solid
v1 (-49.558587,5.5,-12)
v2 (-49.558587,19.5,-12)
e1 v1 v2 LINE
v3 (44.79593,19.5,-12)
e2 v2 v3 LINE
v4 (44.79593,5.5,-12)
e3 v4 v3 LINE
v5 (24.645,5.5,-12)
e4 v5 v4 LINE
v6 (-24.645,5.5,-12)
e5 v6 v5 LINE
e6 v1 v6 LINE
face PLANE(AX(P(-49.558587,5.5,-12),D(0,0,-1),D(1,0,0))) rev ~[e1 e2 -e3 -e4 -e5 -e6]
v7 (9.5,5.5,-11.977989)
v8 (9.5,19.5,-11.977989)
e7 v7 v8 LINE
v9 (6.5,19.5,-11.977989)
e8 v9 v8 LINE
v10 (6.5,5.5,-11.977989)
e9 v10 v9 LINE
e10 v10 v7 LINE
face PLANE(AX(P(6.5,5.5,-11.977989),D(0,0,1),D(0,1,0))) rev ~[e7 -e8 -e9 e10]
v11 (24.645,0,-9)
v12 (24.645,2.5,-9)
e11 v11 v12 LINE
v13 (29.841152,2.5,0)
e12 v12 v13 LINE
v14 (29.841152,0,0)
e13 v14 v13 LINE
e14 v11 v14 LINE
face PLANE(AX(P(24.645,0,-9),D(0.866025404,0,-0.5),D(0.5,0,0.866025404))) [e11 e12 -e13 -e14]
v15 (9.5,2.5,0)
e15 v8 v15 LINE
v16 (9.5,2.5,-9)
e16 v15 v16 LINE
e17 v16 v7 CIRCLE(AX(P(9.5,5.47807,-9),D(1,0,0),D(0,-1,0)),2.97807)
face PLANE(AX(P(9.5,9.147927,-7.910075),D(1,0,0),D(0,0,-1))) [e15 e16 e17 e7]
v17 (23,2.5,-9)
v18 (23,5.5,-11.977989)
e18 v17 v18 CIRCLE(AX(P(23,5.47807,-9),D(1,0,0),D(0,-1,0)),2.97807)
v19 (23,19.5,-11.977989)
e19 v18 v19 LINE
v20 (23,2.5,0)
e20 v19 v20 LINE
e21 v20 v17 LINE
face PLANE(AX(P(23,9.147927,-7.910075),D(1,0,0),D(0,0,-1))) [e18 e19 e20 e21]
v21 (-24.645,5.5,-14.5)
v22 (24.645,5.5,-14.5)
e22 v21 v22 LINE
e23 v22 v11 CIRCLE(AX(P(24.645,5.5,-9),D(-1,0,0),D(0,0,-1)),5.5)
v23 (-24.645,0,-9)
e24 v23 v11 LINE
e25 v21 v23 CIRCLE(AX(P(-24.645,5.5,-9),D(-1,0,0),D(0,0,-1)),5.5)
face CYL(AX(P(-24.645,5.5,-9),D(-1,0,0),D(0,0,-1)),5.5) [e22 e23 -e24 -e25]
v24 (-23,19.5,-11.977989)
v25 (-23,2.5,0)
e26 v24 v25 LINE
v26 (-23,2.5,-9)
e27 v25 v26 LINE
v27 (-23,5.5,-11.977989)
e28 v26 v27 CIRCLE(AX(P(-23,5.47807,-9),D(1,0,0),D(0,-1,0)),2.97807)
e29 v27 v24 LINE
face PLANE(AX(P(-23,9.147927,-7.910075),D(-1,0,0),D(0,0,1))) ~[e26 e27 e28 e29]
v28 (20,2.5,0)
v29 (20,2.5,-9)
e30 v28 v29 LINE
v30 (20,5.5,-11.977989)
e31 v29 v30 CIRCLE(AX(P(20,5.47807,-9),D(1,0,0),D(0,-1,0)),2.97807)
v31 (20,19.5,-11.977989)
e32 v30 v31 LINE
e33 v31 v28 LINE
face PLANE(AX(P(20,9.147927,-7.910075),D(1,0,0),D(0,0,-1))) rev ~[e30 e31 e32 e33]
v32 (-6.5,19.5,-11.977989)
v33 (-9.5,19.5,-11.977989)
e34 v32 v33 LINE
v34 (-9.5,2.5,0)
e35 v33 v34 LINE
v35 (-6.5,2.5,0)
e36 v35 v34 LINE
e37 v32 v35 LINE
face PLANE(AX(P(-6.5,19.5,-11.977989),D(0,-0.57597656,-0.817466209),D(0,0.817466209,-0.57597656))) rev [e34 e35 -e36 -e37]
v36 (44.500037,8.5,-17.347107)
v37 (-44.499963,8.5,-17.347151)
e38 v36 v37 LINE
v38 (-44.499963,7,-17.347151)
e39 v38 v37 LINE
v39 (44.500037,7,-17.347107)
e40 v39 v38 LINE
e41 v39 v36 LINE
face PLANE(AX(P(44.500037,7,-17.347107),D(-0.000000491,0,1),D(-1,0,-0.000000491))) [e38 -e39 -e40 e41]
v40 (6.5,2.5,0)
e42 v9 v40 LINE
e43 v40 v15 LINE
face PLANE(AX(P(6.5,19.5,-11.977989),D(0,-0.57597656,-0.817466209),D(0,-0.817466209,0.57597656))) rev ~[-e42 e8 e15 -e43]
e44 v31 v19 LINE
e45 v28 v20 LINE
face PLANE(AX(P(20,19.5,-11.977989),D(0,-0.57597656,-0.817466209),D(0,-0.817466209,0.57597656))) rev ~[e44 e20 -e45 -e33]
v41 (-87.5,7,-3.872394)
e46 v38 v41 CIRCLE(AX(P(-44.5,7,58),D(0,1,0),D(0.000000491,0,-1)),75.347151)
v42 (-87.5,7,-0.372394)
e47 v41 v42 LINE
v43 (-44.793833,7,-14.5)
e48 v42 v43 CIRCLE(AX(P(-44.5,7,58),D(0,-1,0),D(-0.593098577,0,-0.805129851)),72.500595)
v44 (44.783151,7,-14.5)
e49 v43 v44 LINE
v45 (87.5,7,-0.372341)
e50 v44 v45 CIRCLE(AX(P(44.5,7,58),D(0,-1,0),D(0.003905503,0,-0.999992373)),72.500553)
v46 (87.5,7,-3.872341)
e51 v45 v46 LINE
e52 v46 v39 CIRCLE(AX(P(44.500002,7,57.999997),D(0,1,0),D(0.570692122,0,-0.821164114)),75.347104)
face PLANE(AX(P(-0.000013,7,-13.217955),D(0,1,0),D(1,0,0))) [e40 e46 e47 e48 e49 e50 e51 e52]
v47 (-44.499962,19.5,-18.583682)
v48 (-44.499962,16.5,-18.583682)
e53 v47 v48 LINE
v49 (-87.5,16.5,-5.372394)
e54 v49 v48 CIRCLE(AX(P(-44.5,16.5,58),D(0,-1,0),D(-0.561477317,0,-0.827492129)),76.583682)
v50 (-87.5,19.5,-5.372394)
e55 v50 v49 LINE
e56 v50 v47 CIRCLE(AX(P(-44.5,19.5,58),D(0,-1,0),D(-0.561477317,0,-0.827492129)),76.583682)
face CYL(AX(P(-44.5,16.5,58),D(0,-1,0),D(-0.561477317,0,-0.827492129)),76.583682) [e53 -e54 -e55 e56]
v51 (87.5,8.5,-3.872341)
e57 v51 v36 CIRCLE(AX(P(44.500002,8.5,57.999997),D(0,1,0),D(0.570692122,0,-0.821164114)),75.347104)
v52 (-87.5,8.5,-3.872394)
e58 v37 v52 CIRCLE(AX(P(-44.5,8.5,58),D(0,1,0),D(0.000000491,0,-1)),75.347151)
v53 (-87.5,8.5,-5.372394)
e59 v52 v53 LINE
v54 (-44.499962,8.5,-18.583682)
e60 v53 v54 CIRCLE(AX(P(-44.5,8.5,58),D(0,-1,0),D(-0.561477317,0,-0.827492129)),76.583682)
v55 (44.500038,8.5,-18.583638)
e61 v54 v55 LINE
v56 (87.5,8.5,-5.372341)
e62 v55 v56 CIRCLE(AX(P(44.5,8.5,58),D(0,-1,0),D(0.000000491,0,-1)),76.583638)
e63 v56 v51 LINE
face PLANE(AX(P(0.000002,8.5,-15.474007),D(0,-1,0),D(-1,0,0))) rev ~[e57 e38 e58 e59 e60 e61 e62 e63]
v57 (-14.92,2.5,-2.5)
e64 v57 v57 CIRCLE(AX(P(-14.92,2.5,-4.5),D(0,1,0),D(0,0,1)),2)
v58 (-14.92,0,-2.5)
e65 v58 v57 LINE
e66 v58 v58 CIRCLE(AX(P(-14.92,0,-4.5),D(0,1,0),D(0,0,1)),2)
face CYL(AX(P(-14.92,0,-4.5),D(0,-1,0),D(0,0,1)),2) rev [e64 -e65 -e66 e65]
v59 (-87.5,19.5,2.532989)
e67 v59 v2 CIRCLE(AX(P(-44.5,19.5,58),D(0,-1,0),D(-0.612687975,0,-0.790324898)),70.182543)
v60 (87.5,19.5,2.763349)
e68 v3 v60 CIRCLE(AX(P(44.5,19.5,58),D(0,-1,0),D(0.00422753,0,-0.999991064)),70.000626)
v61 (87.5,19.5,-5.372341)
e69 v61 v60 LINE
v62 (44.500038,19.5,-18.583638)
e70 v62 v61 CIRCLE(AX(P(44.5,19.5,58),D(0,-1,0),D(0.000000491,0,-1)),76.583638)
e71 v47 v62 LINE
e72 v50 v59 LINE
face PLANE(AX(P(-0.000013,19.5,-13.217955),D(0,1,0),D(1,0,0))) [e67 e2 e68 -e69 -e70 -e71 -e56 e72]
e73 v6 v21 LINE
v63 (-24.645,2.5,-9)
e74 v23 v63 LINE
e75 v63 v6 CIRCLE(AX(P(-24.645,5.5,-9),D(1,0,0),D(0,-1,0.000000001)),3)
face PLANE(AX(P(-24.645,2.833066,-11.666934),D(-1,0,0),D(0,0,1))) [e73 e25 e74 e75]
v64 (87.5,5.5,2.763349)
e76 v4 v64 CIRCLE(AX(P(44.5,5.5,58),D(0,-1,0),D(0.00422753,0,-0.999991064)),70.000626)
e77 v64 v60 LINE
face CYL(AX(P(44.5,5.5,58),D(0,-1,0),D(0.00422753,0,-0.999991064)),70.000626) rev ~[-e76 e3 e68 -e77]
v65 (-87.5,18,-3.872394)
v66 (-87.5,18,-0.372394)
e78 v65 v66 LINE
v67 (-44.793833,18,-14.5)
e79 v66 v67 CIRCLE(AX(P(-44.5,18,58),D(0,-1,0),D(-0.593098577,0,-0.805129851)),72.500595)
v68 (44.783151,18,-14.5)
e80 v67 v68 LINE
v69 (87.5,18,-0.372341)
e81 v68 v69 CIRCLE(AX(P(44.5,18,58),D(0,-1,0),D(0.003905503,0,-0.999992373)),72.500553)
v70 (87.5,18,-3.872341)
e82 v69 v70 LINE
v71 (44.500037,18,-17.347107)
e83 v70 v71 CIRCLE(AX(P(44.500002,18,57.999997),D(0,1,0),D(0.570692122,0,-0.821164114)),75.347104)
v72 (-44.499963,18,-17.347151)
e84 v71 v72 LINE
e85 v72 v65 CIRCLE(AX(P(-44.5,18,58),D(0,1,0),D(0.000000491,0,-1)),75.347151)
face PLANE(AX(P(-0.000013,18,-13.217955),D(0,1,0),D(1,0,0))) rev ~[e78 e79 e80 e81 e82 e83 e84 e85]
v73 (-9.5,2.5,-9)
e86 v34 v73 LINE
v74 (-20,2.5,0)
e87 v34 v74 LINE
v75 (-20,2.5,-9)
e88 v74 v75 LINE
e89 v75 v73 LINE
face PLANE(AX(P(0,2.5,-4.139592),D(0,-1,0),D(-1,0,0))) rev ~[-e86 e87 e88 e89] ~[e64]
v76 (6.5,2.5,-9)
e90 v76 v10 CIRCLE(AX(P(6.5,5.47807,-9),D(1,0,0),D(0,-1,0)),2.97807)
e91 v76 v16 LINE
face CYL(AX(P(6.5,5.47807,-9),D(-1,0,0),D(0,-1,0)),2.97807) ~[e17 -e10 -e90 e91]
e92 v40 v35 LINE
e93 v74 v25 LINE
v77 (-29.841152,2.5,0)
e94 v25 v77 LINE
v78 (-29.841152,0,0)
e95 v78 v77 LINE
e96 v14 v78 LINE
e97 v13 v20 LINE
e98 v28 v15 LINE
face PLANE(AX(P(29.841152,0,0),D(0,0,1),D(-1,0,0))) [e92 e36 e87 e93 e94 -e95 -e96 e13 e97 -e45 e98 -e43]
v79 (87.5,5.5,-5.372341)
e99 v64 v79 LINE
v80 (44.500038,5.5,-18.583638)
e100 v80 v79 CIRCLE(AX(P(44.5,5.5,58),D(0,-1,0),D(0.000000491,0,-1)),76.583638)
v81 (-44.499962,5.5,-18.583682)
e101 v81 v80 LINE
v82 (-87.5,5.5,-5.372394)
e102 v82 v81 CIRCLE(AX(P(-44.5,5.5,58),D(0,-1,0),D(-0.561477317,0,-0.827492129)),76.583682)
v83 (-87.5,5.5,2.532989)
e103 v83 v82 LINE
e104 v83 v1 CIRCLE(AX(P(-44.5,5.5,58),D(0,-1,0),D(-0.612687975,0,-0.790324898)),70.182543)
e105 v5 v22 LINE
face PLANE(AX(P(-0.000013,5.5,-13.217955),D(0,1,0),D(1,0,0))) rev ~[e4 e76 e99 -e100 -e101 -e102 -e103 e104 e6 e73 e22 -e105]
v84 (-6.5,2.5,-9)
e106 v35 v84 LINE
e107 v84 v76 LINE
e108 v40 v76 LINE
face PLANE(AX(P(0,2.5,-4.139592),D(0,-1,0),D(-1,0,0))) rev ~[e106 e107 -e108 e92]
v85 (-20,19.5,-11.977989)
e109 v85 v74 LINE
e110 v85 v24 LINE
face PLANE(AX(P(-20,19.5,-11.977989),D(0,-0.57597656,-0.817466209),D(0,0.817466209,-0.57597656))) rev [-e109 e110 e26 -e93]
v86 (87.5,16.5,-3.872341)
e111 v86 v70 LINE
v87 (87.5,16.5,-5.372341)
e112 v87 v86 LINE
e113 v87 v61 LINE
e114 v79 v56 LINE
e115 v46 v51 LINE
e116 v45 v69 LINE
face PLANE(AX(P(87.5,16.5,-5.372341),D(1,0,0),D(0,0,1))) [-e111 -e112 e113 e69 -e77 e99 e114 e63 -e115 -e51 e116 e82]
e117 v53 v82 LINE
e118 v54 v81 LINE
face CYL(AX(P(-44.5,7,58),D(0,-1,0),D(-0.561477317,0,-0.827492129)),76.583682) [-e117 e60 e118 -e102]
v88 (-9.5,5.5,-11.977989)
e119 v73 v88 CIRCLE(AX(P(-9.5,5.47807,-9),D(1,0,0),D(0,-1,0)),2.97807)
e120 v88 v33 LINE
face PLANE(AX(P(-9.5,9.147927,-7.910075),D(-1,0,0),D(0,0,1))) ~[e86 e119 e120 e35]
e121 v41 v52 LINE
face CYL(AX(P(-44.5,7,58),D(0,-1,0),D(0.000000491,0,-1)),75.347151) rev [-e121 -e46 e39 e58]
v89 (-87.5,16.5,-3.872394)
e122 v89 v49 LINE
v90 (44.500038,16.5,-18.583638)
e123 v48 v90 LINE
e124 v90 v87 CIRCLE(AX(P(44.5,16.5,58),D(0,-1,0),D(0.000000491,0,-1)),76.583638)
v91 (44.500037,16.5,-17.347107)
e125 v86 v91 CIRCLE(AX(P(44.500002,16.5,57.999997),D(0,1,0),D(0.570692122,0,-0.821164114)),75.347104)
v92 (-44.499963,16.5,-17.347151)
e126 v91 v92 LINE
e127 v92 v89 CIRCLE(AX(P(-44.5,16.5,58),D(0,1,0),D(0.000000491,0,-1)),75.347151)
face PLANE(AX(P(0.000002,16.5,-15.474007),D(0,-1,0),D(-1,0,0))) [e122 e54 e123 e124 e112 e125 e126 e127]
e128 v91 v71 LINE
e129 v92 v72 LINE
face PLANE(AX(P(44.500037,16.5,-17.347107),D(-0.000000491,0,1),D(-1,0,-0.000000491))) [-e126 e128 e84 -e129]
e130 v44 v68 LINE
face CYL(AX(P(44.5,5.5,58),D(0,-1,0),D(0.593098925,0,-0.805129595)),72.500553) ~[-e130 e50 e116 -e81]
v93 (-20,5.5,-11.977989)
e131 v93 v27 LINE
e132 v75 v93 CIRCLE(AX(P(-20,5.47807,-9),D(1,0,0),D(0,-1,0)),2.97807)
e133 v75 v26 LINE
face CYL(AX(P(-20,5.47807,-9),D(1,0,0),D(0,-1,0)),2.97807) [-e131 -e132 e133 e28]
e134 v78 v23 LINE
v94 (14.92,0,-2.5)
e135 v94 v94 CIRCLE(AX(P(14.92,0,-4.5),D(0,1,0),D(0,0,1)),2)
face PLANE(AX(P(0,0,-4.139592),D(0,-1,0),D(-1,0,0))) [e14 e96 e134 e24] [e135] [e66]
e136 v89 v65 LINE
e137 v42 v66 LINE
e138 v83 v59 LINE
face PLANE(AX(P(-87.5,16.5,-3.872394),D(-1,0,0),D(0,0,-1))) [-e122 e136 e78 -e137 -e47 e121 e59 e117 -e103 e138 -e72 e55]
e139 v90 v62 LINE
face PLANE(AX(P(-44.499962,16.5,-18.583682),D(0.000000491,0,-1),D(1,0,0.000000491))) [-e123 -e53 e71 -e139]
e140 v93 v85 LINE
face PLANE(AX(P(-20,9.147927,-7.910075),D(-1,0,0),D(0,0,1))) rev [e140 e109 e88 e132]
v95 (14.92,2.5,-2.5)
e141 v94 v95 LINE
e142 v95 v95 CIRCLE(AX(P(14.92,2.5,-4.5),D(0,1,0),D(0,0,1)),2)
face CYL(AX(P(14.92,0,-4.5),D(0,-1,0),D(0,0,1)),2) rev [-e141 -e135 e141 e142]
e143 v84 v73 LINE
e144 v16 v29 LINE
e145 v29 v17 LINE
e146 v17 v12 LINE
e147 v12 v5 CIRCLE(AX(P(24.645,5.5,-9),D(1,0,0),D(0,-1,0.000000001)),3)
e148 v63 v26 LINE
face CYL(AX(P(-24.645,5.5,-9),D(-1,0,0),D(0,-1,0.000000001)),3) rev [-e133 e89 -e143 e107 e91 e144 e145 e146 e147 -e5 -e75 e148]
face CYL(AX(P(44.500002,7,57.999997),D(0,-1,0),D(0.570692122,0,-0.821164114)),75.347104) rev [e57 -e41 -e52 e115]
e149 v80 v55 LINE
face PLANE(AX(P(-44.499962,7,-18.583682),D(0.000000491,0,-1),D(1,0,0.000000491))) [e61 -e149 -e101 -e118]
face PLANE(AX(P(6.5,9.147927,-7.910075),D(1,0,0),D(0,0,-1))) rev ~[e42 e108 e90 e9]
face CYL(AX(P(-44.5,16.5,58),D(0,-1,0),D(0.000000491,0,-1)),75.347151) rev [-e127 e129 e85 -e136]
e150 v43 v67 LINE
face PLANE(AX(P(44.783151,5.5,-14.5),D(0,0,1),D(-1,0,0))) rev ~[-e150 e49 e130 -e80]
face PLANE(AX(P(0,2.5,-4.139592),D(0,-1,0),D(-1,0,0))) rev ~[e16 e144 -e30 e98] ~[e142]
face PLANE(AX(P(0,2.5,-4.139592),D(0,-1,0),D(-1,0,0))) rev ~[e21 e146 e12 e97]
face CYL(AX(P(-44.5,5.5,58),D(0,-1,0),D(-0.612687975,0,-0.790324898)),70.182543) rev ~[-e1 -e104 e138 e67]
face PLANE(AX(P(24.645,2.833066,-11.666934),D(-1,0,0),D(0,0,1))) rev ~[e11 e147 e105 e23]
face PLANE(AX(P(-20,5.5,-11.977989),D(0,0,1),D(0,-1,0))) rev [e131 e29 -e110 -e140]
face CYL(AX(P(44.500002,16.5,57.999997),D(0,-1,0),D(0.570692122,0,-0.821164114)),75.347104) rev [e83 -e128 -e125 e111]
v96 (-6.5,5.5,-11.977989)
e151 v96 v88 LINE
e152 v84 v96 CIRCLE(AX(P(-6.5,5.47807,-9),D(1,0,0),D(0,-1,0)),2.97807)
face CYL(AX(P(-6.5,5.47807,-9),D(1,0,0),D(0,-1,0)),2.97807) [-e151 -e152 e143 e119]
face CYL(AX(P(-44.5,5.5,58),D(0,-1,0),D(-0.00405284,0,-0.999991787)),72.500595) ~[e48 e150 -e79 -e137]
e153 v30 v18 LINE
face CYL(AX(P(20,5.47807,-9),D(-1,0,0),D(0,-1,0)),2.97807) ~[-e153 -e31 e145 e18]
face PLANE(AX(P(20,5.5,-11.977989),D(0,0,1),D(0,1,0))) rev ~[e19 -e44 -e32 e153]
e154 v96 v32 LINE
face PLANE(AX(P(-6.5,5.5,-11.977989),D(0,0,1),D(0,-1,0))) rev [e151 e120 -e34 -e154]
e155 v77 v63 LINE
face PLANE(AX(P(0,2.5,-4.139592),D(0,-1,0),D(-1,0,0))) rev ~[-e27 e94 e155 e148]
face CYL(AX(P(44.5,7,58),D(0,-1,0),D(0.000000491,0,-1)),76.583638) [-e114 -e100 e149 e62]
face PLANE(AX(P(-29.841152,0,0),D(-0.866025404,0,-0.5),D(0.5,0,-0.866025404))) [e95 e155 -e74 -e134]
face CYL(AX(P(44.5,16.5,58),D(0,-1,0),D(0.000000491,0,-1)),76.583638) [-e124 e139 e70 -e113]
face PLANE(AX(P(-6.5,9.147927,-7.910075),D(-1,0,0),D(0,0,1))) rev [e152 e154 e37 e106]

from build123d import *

# Parameters (mm, degrees)
SKETCH1_R                = 2
BOSS_EXTRUDE1_DEPTH      = 2.5
BOSS_EXTRUDE2_DEPTH      = 24.645
BOSS_EXTRUDE2_DEPTH_BACK = 24.645
SKETCH4_W                = 49.29
SKETCH4_H                = 2.5
BOSS_EXTRUDE4_DEPTH      = 14
BOSS_EXTRUDE6_DEPTH      = 1.5
BOSS_EXTRUDE7_START      = 12.5
BOSS_EXTRUDE7_DEPTH      = 1.5
BOSS_EXTRUDE8_START      = 1.5
BOSS_EXTRUDE8_DEPTH      = 1.5
BOSS_EXTRUDE9_START      = 11
BOSS_EXTRUDE9_DEPTH      = 1.5
BOSS_EXTRUDE10_START     = 6.5
BOSS_EXTRUDE10_DEPTH     = 3
BOSS_EXTRUDE11_START     = 20
BOSS_EXTRUDE11_DEPTH     = 3


with BuildPart() as part:
    # Sketch1 → Boss-Extrude1 (new body)
    with BuildSketch(Plane(origin=(0, 0, 0), x_dir=(1, 0, 0), z_dir=(0, 1, 0))):
        Polygon((-29.841152423, 0), (-24.645, 9), (24.645, 9), (29.841152423, 0), align=None)
        with Locations(Location((-14.92, 4.5, 0), (0, 0, 270))):
            Circle(SKETCH1_R, mode=Mode.SUBTRACT)
        with Locations(Location((14.92, 4.5, 0), (0, 0, 270))):
            Circle(SKETCH1_R, mode=Mode.SUBTRACT)
    extrude(amount=BOSS_EXTRUDE1_DEPTH)

    # Sketch3 → Boss-Extrude2 (add, two sides: drawn at the far end of the back side and taken through both)
    with BuildSketch(Plane(origin=(0, 0, 0), x_dir=(0, 0, -1), z_dir=(1, 0, 0)).offset(-BOSS_EXTRUDE2_DEPTH_BACK)):
        with BuildLine():
            Line((9, 0), (9, 2.5))
            ThreePointArc((9, 2.5), (11.121320344, 3.378679656), (12, 5.5))
            Line((12, 5.5), (14.5, 5.5))
            ThreePointArc((14.5, 5.5), (12.889087297, 1.610912703), (9, 0))
        make_face()
    extrude(amount=BOSS_EXTRUDE2_DEPTH + BOSS_EXTRUDE2_DEPTH_BACK)

    # Sketch4 → Boss-Extrude4 (add)
    with BuildSketch(Plane(origin=(0, 5.5, 0), x_dir=(1, 0, 0), z_dir=(0, 1, 0))):
        with BuildLine():
            Line((-49.558586772, 12), (-24.645, 12))
            Line((-24.645, 12), (-24.645, 14.5))
            Line((-24.645, 14.5), (-44.793833293, 14.5))
            ThreePointArc((-44.793833293, 14.5), (-67.270294591, 10.832042119), (-87.5, 0.372393629))
            Line((-87.5, 0.372393629), (-87.5, -2.532989082))
            ThreePointArc((-87.5, -2.532989082), (-69.603961511, 7.539151784), (-49.558586772, 12))
        make_face()
        with Locations((0, 13.25)):
            Rectangle(SKETCH4_W, SKETCH4_H)
        with BuildLine():
            Line((24.645, 12), (44.795929756, 12))
            ThreePointArc((44.795929756, 12), (67.371893328, 8.158628084), (87.5, -2.763349356))
            Line((87.5, -2.763349356), (87.5, 0.372340835))
            ThreePointArc((87.5, 0.372340835), (67.265225258, 10.833674125), (44.783151118, 14.5))
            Line((44.783151118, 14.5), (24.645, 14.5))
            Line((24.645, 14.5), (24.645, 12))
        make_face()
    extrude(amount=BOSS_EXTRUDE4_DEPTH)

    # Sketch4<4> → Boss-Extrude6 (add)
    with BuildSketch(Plane(origin=(0, 5.5, 0), x_dir=(1, 0, 0), z_dir=(0, 1, 0))):
        with BuildLine():
            ThreePointArc((44.783151118, 14.5), (67.265225258, 10.833674125), (87.5, 0.372340835))
            Line((87.5, 0.372340835), (87.5, 3.872340835))
            ThreePointArc((87.5, 3.872340835), (67.030937137, 13.899537079), (44.500036985, 17.347106846))
            Line((44.500036985, 17.347106846), (-44.499963015, 17.347150533))
            ThreePointArc((-44.499963015, 17.347150533), (-67.030900409, 13.89959402), (-87.5, 3.872393629))
            Line((-87.5, 3.872393629), (-87.5, 0.372393629))
            ThreePointArc((-87.5, 0.372393629), (-67.270294591, 10.832042119), (-44.793833293, 14.5))
            Line((-44.793833293, 14.5), (-24.645, 14.5))
            Line((-24.645, 14.5), (24.645, 14.5))
            Line((24.645, 14.5), (44.783151118, 14.5))
        make_face()
        with BuildLine():
            ThreePointArc((87.5, 3.872340835), (67.030937113, 13.899537086), (44.500036985, 17.347106846))
            Line((44.500036985, 17.347106846), (-44.499963015, 17.347150533))
            ThreePointArc((-44.499963015, 17.347150533), (-67.030900409, 13.89959402), (-87.5, 3.872393629))
            Line((-87.5, 3.872393629), (-87.5, 5.372393629))
            ThreePointArc((-87.5, 5.372393629), (-66.991859053, 15.206396924), (-44.499962408, 18.583681514))
            Line((-44.499962408, 18.583681514), (44.500037592, 18.583637828))
            ThreePointArc((44.500037592, 18.583637828), (66.991896325, 15.206339771), (87.5, 5.372340835))
            Line((87.5, 5.372340835), (87.5, 3.872340835))
        make_face()
    extrude(amount=BOSS_EXTRUDE6_DEPTH)

    # Sketch4<5> → Boss-Extrude7 (add)
    with BuildSketch(Plane(origin=(0, 5.5, 0), x_dir=(1, 0, 0), z_dir=(0, 1, 0)).offset(BOSS_EXTRUDE7_START)):
        with BuildLine():
            ThreePointArc((44.783151118, 14.5), (67.265225258, 10.833674125), (87.5, 0.372340835))
            Line((87.5, 0.372340835), (87.5, 3.872340835))
            ThreePointArc((87.5, 3.872340835), (67.030937137, 13.899537079), (44.500036985, 17.347106846))
            Line((44.500036985, 17.347106846), (-44.499963015, 17.347150533))
            ThreePointArc((-44.499963015, 17.347150533), (-67.030900409, 13.89959402), (-87.5, 3.872393629))
            Line((-87.5, 3.872393629), (-87.5, 0.372393629))
            ThreePointArc((-87.5, 0.372393629), (-67.270294591, 10.832042119), (-44.793833293, 14.5))
            Line((-44.793833293, 14.5), (-24.645, 14.5))
            Line((-24.645, 14.5), (24.645, 14.5))
            Line((24.645, 14.5), (44.783151118, 14.5))
        make_face()
        with BuildLine():
            ThreePointArc((87.5, 3.872340835), (67.030937113, 13.899537086), (44.500036985, 17.347106846))
            Line((44.500036985, 17.347106846), (-44.499963015, 17.347150533))
            ThreePointArc((-44.499963015, 17.347150533), (-67.030900409, 13.89959402), (-87.5, 3.872393629))
            Line((-87.5, 3.872393629), (-87.5, 5.372393629))
            ThreePointArc((-87.5, 5.372393629), (-66.991859053, 15.206396924), (-44.499962408, 18.583681514))
            Line((-44.499962408, 18.583681514), (44.500037592, 18.583637828))
            ThreePointArc((44.500037592, 18.583637828), (66.991896325, 15.206339771), (87.5, 5.372340835))
            Line((87.5, 5.372340835), (87.5, 3.872340835))
        make_face()
    extrude(amount=BOSS_EXTRUDE7_DEPTH)

    # Sketch4<6> → Boss-Extrude8 (add)
    with BuildSketch(Plane(origin=(0, 5.5, 0), x_dir=(1, 0, 0), z_dir=(0, 1, 0)).offset(BOSS_EXTRUDE8_START)):
        with BuildLine():
            ThreePointArc((87.5, 3.872340835), (67.030937113, 13.899537086), (44.500036985, 17.347106846))
            Line((44.500036985, 17.347106846), (-44.499963015, 17.347150533))
            ThreePointArc((-44.499963015, 17.347150533), (-67.030900409, 13.89959402), (-87.5, 3.872393629))
            Line((-87.5, 3.872393629), (-87.5, 5.372393629))
            ThreePointArc((-87.5, 5.372393629), (-66.991859053, 15.206396924), (-44.499962408, 18.583681514))
            Line((-44.499962408, 18.583681514), (44.500037592, 18.583637828))
            ThreePointArc((44.500037592, 18.583637828), (66.991896325, 15.206339771), (87.5, 5.372340835))
            Line((87.5, 5.372340835), (87.5, 3.872340835))
        make_face()
    extrude(amount=BOSS_EXTRUDE8_DEPTH)

    # Sketch4<8> → Boss-Extrude9 (add)
    with BuildSketch(Plane(origin=(0, 5.5, 0), x_dir=(1, 0, 0), z_dir=(0, 1, 0)).offset(BOSS_EXTRUDE9_START)):
        with BuildLine():
            ThreePointArc((87.5, 3.872340835), (67.030937113, 13.899537086), (44.500036985, 17.347106846))
            Line((44.500036985, 17.347106846), (-44.499963015, 17.347150533))
            ThreePointArc((-44.499963015, 17.347150533), (-67.030900409, 13.89959402), (-87.5, 3.872393629))
            Line((-87.5, 3.872393629), (-87.5, 5.372393629))
            ThreePointArc((-87.5, 5.372393629), (-66.991859053, 15.206396924), (-44.499962408, 18.583681514))
            Line((-44.499962408, 18.583681514), (44.500037592, 18.583637828))
            ThreePointArc((44.500037592, 18.583637828), (66.991896325, 15.206339771), (87.5, 5.372340835))
            Line((87.5, 5.372340835), (87.5, 3.872340835))
        make_face()
    extrude(amount=BOSS_EXTRUDE9_DEPTH)

    # Sketch5 → Boss-Extrude10 (add)
    with BuildSketch(Plane(origin=(0, 0, 0), x_dir=(0, 0, -1), z_dir=(1, 0, 0)).offset(BOSS_EXTRUDE10_START)):
        with BuildLine():
            Line((11.977989331, 19.5), (0, 2.5))
            Line((0, 2.5), (9, 2.5))
            ThreePointArc((9, 2.5), (11.113552723, 3.380024256), (11.977989331, 5.5))
            Line((11.977989331, 5.5), (11.977989331, 19.5))
        make_face()
    boss_extrude10 = extrude(amount=BOSS_EXTRUDE10_DEPTH)

    # Sketch5<3> → Boss-Extrude11 (add)
    with BuildSketch(Plane(origin=(0, 0, 0), x_dir=(0, 0, -1), z_dir=(1, 0, 0)).offset(BOSS_EXTRUDE11_START)):
        with BuildLine():
            Line((11.977989331, 19.5), (0, 2.5))
            Line((0, 2.5), (9, 2.5))
            ThreePointArc((9, 2.5), (11.113552723, 3.380024256), (11.977989331, 5.5))
            Line((11.977989331, 5.5), (11.977989331, 19.5))
        make_face()
    boss_extrude11 = extrude(amount=BOSS_EXTRUDE11_DEPTH)

    # Mirror1: Boss-Extrude10, Boss-Extrude11 across plane
    add(boss_extrude10.mirror(Plane(origin=(0, 0, 0), x_dir=(0, 0, 1), z_dir=(1, 0, 0))))
    add(boss_extrude11.mirror(Plane(origin=(0, 0, 0), x_dir=(0, 0, 1), z_dir=(1, 0, 0))))


solid = part.part
